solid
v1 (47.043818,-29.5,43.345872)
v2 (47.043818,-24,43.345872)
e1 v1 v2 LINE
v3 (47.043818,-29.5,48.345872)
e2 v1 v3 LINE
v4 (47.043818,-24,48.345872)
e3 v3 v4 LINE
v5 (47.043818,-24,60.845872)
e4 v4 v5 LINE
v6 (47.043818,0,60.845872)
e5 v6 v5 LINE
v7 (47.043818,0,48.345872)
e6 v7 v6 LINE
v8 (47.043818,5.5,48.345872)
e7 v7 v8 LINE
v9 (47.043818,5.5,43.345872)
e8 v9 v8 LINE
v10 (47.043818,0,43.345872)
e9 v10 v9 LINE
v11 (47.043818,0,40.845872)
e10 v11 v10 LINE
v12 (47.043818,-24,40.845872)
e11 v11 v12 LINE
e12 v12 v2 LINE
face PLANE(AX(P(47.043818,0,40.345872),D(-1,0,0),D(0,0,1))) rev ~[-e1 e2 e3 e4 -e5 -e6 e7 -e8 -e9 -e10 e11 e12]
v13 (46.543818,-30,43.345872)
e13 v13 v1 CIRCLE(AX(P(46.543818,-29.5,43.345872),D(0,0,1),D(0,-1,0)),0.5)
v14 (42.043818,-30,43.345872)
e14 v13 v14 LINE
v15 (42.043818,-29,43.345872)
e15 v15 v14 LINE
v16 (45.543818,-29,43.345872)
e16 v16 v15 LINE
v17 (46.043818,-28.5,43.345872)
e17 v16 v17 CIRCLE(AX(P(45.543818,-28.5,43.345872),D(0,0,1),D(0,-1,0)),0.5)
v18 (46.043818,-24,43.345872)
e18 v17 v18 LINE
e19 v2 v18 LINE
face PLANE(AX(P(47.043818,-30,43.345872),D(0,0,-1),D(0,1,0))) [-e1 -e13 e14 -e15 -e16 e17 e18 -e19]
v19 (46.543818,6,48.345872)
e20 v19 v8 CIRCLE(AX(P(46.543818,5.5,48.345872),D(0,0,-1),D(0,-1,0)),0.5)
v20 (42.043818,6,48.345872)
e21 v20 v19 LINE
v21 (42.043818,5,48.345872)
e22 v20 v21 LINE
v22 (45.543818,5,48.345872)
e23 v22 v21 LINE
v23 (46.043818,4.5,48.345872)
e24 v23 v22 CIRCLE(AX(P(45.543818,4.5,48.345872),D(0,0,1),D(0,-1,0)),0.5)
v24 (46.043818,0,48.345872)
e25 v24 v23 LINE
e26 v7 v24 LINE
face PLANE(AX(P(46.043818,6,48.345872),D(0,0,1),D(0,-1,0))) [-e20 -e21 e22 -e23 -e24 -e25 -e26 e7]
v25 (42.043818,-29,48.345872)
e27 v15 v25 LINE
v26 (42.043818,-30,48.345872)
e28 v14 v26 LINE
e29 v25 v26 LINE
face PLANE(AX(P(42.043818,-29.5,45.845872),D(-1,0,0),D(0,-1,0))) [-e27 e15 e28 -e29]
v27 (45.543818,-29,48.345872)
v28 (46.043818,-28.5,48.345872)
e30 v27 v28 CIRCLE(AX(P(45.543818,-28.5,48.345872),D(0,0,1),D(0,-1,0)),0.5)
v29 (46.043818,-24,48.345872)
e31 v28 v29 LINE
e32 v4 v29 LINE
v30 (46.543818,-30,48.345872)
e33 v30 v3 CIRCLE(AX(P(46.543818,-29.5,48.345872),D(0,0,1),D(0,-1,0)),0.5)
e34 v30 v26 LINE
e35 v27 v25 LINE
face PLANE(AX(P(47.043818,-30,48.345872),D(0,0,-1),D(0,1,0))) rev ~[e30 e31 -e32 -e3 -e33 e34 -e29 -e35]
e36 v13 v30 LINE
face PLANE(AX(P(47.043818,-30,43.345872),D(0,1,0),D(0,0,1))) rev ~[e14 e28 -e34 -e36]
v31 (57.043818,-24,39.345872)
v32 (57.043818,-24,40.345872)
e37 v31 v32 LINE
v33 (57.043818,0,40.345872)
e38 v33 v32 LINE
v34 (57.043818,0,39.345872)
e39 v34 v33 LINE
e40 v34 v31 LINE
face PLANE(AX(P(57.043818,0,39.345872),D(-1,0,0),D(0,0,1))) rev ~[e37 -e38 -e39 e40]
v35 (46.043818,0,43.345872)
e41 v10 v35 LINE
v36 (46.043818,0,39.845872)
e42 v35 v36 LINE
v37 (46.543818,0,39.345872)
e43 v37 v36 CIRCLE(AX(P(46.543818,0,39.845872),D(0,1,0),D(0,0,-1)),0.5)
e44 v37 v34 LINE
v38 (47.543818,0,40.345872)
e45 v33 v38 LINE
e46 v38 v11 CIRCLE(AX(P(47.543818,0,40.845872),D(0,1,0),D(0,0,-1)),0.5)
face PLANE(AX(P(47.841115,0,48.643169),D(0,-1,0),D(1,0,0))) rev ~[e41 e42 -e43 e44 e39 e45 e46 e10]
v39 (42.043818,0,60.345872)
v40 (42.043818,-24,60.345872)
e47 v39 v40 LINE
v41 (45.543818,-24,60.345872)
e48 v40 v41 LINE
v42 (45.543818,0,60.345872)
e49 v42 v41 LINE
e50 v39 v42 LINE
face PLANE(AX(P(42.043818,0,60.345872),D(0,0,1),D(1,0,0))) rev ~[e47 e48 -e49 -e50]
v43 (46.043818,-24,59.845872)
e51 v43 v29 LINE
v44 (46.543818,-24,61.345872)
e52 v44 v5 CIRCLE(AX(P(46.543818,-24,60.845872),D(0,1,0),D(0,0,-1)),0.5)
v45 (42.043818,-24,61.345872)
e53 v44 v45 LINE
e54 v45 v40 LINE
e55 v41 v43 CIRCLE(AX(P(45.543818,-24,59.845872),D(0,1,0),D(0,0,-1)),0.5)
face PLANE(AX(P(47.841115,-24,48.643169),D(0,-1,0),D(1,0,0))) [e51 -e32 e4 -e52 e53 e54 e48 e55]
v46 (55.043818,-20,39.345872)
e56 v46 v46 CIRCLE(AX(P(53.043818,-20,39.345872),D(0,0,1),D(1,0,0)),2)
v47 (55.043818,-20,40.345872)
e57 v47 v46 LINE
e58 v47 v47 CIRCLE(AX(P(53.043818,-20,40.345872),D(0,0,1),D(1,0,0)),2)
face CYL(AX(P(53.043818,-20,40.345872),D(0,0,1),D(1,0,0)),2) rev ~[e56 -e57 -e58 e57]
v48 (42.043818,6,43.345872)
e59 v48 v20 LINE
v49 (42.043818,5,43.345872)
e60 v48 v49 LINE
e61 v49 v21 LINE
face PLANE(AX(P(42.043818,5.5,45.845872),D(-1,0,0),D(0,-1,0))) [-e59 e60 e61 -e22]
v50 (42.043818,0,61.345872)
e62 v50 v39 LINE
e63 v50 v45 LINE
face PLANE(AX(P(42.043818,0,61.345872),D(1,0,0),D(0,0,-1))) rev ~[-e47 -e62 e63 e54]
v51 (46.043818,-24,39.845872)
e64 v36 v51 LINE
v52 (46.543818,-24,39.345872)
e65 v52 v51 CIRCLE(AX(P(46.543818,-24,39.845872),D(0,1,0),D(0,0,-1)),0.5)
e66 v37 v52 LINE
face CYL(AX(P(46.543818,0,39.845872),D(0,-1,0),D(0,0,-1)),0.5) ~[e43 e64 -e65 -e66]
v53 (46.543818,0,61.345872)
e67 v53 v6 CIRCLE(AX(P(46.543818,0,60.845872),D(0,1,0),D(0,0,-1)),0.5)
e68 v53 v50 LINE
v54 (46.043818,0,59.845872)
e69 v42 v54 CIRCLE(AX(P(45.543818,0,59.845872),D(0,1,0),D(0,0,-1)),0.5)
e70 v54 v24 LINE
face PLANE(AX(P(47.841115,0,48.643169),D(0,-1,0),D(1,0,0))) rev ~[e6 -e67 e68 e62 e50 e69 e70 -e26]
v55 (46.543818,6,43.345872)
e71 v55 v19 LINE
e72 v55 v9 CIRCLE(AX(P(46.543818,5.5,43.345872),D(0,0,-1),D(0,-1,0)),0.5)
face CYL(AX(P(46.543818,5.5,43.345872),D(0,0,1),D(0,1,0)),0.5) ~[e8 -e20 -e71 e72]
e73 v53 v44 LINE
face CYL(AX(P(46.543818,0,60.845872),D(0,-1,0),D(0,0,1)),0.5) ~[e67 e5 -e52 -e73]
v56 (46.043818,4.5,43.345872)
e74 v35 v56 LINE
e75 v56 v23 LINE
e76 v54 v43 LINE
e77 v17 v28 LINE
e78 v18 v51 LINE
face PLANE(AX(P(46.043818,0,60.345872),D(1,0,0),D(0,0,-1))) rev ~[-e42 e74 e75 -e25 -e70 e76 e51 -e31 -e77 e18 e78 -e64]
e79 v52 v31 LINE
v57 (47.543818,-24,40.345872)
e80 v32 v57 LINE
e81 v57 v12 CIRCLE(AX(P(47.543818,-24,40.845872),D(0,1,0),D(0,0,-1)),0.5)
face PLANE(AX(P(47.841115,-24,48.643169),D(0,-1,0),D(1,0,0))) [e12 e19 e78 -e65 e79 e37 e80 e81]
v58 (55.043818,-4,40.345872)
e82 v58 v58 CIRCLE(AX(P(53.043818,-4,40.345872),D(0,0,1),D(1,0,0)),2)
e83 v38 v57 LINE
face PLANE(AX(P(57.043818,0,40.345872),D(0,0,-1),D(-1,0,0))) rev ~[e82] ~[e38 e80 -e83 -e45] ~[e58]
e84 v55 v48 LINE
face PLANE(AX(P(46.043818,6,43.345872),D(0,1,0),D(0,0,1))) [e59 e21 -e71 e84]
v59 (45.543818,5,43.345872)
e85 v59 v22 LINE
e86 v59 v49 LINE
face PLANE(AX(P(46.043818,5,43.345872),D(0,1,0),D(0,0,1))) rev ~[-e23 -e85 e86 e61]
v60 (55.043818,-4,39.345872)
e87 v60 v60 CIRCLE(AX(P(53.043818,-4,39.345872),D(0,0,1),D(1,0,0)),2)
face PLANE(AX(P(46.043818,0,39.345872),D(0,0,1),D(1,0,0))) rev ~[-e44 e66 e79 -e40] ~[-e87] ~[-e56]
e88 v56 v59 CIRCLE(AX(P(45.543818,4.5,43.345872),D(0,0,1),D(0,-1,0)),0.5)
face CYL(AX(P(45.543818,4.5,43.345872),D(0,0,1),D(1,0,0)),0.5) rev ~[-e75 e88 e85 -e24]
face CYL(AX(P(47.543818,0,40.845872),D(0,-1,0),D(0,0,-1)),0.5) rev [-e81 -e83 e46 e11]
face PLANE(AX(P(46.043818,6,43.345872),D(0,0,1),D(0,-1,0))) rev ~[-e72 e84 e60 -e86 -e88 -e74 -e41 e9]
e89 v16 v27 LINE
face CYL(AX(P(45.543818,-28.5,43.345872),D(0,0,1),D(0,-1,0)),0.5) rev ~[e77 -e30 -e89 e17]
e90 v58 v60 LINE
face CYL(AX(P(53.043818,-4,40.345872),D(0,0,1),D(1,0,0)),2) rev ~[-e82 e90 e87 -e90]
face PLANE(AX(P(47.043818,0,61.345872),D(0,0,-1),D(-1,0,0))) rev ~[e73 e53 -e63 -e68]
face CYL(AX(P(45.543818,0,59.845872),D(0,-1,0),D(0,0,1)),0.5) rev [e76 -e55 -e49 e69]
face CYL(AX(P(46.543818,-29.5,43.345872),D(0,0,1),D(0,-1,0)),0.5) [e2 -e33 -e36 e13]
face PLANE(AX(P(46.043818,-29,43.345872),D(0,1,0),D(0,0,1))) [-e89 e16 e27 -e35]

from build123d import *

# Parameters (mm, degrees)
F1_DEPTH = 24
F2_R     = 2
F3_DEPTH = 2
F4_W     = 6
F4_H     = 5
F5_DEPTH = 1
F6_W     = 1
F6_H     = 5
F7_DEPTH = 4
F8_R     = 0.5


with BuildPart() as f1:
    # F0 (on Front) → F1 (new body)
    with BuildSketch(Plane.XZ):
        Polygon((57.043818, 40.345872), (47.043818, 40.345872), (47.043818, 61.345872), (42.043818, 61.345872), (42.043818, 60.345872), (46.043818, 60.345872), (46.043818, 39.345872), (57.043818, 39.345872), align=None)
    extrude(amount=F1_DEPTH)

    # F2 (on face) → F3 (cut)
    with BuildSketch(Plane.XY.offset(40.345872)):
        with Locations((53.043818, -20)):
            Circle(F2_R)
        with Locations((53.043818, -4)):
            Circle(F2_R)
    extrude(amount=-F3_DEPTH, mode=Mode.SUBTRACT)

    # F4 (on face) → F5 (join)
    with BuildSketch(Plane.YZ.offset(47.043818)):
        with Locations((-27, 45.845872)):
            Rectangle(F4_W, F4_H)
        with Locations((3, 45.845872)):
            Rectangle(F4_W, F4_H)
    extrude(amount=-F5_DEPTH)

    # F6 (on face) → F7 (join)
    with BuildSketch(Plane(origin=(46.043818, 0, 0), x_dir=(0, -1, 0), z_dir=(-1, 0, 0))):
        with Locations((-5.5, 45.845872)):
            Rectangle(F6_W, F6_H)
        with Locations((29.5, 45.845872)):
            Rectangle(F6_W, F6_H)
    extrude(amount=F7_DEPTH)

    # F8
    f8_edges = [f1.edges().sort_by_distance(p)[0] for p in [
        (47.043818, -12, 40.345872),
        (46.043818, -12, 39.345872),
        (47.043818, -12, 61.345872),
        (46.043818, -12, 60.345872),
        (47.043818, -30, 45.845872),
        (46.043818, -29, 45.845872),
        (46.043818, 5, 45.845872),
        (47.043818, 6, 45.845872),
    ]]
    fillet(f8_edges, radius=F8_R)


solid = f1.part
